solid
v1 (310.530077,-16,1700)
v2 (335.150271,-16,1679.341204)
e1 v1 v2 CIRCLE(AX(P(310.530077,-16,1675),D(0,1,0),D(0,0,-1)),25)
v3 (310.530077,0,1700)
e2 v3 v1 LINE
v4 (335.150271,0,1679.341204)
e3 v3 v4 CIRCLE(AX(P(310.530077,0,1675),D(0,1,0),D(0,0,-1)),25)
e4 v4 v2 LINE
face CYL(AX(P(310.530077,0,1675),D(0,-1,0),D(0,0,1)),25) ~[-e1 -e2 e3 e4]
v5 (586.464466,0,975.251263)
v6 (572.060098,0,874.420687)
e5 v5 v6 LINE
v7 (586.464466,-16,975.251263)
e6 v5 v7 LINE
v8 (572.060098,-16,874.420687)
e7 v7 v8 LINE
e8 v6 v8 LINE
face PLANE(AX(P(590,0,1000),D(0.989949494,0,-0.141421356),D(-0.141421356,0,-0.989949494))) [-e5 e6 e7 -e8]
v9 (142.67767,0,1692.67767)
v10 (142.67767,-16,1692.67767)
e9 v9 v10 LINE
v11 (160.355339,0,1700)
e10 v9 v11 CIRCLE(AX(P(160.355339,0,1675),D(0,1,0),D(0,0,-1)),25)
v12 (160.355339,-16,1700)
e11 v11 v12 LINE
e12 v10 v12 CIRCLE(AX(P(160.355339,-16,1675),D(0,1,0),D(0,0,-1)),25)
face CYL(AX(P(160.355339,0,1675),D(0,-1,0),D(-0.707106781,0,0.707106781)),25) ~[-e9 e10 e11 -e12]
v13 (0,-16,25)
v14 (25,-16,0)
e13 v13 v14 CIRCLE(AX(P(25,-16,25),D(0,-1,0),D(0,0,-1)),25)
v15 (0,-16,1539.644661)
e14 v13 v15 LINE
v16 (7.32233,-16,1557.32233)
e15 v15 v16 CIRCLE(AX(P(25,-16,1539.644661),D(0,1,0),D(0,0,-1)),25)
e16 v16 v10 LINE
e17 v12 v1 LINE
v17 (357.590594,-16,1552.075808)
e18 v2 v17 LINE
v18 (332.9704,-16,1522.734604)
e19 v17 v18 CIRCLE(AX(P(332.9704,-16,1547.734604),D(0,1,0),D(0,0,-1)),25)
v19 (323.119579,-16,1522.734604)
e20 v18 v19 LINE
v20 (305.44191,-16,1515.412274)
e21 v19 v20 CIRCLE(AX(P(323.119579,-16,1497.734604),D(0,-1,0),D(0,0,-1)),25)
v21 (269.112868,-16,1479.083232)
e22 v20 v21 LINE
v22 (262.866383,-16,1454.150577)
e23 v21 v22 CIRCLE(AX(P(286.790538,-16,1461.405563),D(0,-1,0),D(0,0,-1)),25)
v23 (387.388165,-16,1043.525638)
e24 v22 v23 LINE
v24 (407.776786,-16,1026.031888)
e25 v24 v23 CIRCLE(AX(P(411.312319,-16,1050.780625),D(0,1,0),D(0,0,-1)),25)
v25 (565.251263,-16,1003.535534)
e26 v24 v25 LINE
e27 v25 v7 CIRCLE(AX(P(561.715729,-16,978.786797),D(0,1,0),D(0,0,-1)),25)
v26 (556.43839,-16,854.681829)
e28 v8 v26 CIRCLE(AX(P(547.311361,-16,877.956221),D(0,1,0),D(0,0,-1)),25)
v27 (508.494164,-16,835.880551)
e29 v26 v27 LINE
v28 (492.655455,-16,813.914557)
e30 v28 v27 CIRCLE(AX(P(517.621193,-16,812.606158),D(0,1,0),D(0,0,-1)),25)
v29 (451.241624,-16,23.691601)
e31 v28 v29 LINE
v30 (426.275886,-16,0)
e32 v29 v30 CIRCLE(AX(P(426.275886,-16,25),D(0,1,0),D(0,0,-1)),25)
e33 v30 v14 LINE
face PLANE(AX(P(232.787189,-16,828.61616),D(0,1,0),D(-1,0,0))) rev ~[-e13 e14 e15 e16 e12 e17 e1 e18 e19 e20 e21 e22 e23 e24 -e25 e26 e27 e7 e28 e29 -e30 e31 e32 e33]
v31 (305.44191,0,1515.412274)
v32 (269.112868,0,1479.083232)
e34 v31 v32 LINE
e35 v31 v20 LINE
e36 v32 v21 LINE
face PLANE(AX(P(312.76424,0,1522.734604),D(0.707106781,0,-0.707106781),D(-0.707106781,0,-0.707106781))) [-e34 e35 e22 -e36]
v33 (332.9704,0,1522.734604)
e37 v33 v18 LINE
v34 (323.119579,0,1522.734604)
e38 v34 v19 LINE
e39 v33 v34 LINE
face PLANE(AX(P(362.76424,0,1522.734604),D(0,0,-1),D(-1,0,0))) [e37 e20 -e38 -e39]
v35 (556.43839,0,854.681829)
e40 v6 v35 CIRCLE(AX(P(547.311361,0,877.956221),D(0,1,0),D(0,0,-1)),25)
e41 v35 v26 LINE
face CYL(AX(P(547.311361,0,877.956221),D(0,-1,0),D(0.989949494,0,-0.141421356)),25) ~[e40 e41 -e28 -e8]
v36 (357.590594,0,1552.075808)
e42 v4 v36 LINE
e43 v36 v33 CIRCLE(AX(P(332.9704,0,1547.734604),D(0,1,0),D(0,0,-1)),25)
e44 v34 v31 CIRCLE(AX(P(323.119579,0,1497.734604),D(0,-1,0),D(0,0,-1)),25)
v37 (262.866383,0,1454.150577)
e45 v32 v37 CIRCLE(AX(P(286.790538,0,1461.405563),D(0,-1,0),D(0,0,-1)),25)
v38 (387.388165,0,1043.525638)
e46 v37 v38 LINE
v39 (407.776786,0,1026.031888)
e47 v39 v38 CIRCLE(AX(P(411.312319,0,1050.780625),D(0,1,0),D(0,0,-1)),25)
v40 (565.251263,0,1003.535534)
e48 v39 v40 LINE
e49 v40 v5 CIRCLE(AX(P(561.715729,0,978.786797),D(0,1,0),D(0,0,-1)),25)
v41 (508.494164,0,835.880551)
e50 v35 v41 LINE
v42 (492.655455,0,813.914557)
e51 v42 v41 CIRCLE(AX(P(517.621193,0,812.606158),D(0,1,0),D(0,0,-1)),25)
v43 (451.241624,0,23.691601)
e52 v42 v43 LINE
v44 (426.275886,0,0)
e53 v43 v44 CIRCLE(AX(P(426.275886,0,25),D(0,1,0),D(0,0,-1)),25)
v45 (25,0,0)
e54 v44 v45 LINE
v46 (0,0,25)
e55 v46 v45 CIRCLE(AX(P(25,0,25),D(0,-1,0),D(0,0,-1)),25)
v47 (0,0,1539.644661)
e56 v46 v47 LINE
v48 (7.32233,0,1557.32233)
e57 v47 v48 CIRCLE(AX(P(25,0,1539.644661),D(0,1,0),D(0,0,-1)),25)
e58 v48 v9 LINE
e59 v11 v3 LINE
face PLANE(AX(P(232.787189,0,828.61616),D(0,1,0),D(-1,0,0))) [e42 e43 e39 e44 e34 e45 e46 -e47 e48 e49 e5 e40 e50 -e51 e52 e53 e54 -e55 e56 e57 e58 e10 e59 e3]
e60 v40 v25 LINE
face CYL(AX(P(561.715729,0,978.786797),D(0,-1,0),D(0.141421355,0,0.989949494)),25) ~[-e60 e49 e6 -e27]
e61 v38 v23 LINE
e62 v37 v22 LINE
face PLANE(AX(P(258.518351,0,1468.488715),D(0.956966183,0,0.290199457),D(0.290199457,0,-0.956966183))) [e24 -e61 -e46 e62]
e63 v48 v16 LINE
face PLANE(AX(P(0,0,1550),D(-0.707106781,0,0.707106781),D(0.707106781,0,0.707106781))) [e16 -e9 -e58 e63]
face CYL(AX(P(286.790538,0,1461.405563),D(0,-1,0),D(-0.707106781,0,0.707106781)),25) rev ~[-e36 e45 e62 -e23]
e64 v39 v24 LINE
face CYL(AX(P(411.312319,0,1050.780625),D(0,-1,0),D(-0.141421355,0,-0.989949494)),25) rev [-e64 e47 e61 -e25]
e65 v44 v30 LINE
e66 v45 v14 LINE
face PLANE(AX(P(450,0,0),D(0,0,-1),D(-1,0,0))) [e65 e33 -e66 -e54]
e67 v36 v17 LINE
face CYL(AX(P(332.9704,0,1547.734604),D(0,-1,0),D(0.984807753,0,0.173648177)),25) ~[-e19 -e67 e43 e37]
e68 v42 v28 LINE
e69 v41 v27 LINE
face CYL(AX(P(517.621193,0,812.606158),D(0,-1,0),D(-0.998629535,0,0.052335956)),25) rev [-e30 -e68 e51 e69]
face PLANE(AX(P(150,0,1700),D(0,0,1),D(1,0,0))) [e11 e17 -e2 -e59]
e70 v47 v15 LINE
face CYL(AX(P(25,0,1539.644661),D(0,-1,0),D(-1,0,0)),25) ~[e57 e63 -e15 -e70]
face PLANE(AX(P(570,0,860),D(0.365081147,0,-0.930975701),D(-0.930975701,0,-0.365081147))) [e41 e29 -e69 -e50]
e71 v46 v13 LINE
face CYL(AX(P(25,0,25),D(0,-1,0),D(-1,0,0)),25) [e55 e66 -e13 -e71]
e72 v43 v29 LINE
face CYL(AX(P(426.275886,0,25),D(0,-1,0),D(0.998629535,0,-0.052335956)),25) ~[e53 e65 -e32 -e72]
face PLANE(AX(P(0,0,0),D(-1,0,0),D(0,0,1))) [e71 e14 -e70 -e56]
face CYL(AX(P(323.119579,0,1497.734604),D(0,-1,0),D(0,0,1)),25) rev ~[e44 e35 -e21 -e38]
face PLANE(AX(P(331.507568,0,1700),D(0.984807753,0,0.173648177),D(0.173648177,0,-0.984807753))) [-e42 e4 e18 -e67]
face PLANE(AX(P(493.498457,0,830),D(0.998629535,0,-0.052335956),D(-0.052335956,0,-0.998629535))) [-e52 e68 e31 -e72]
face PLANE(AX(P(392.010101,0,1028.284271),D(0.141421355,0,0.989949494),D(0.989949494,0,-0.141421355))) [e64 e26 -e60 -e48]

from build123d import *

# Parameters (mm, degrees)
PAD_DEPTH   = 16
FILLET_R    = 25
FILLET001_R = 25


with BuildPart() as part:
    # Sketch → Pad (new body)
    with BuildSketch(Plane.XZ):
        Polygon((0, 0), (0, 1550), (150, 1700), (331.507568, 1700), (362.76424, 1522.734604), (312.76424, 1522.734604), (258.518351, 1468.488715), (392.010101, 1028.284271), (590, 1000), (570, 860), (493.498457, 830), (450, 0), align=None)
    extrude(amount=PAD_DEPTH)

    # Fillet
    fillet_edges = [part.edges().sort_by_distance(p)[0] for p in [
        (362.76424, -8, 1522.734604),
        (331.507568, -8, 1700),
        (150, -8, 1700),
        (0, -8, 1550),
        (0, -8, 0),
        (450, -8, 0),
        (590, -8, 1000),
        (570, -8, 860),
    ]]
    fillet(fillet_edges, radius=FILLET_R)

    # Fillet001
    fillet001_edges = [part.edges().sort_by_distance(p)[0] for p in [
        (493.498457, -8, 830),
        (392.010101, -8, 1028.284271),
        (258.518351, -8, 1468.488715),
        (312.76424, -8, 1522.734604),
    ]]
    fillet(fillet001_edges, radius=FILLET001_R)


solid = part.part
